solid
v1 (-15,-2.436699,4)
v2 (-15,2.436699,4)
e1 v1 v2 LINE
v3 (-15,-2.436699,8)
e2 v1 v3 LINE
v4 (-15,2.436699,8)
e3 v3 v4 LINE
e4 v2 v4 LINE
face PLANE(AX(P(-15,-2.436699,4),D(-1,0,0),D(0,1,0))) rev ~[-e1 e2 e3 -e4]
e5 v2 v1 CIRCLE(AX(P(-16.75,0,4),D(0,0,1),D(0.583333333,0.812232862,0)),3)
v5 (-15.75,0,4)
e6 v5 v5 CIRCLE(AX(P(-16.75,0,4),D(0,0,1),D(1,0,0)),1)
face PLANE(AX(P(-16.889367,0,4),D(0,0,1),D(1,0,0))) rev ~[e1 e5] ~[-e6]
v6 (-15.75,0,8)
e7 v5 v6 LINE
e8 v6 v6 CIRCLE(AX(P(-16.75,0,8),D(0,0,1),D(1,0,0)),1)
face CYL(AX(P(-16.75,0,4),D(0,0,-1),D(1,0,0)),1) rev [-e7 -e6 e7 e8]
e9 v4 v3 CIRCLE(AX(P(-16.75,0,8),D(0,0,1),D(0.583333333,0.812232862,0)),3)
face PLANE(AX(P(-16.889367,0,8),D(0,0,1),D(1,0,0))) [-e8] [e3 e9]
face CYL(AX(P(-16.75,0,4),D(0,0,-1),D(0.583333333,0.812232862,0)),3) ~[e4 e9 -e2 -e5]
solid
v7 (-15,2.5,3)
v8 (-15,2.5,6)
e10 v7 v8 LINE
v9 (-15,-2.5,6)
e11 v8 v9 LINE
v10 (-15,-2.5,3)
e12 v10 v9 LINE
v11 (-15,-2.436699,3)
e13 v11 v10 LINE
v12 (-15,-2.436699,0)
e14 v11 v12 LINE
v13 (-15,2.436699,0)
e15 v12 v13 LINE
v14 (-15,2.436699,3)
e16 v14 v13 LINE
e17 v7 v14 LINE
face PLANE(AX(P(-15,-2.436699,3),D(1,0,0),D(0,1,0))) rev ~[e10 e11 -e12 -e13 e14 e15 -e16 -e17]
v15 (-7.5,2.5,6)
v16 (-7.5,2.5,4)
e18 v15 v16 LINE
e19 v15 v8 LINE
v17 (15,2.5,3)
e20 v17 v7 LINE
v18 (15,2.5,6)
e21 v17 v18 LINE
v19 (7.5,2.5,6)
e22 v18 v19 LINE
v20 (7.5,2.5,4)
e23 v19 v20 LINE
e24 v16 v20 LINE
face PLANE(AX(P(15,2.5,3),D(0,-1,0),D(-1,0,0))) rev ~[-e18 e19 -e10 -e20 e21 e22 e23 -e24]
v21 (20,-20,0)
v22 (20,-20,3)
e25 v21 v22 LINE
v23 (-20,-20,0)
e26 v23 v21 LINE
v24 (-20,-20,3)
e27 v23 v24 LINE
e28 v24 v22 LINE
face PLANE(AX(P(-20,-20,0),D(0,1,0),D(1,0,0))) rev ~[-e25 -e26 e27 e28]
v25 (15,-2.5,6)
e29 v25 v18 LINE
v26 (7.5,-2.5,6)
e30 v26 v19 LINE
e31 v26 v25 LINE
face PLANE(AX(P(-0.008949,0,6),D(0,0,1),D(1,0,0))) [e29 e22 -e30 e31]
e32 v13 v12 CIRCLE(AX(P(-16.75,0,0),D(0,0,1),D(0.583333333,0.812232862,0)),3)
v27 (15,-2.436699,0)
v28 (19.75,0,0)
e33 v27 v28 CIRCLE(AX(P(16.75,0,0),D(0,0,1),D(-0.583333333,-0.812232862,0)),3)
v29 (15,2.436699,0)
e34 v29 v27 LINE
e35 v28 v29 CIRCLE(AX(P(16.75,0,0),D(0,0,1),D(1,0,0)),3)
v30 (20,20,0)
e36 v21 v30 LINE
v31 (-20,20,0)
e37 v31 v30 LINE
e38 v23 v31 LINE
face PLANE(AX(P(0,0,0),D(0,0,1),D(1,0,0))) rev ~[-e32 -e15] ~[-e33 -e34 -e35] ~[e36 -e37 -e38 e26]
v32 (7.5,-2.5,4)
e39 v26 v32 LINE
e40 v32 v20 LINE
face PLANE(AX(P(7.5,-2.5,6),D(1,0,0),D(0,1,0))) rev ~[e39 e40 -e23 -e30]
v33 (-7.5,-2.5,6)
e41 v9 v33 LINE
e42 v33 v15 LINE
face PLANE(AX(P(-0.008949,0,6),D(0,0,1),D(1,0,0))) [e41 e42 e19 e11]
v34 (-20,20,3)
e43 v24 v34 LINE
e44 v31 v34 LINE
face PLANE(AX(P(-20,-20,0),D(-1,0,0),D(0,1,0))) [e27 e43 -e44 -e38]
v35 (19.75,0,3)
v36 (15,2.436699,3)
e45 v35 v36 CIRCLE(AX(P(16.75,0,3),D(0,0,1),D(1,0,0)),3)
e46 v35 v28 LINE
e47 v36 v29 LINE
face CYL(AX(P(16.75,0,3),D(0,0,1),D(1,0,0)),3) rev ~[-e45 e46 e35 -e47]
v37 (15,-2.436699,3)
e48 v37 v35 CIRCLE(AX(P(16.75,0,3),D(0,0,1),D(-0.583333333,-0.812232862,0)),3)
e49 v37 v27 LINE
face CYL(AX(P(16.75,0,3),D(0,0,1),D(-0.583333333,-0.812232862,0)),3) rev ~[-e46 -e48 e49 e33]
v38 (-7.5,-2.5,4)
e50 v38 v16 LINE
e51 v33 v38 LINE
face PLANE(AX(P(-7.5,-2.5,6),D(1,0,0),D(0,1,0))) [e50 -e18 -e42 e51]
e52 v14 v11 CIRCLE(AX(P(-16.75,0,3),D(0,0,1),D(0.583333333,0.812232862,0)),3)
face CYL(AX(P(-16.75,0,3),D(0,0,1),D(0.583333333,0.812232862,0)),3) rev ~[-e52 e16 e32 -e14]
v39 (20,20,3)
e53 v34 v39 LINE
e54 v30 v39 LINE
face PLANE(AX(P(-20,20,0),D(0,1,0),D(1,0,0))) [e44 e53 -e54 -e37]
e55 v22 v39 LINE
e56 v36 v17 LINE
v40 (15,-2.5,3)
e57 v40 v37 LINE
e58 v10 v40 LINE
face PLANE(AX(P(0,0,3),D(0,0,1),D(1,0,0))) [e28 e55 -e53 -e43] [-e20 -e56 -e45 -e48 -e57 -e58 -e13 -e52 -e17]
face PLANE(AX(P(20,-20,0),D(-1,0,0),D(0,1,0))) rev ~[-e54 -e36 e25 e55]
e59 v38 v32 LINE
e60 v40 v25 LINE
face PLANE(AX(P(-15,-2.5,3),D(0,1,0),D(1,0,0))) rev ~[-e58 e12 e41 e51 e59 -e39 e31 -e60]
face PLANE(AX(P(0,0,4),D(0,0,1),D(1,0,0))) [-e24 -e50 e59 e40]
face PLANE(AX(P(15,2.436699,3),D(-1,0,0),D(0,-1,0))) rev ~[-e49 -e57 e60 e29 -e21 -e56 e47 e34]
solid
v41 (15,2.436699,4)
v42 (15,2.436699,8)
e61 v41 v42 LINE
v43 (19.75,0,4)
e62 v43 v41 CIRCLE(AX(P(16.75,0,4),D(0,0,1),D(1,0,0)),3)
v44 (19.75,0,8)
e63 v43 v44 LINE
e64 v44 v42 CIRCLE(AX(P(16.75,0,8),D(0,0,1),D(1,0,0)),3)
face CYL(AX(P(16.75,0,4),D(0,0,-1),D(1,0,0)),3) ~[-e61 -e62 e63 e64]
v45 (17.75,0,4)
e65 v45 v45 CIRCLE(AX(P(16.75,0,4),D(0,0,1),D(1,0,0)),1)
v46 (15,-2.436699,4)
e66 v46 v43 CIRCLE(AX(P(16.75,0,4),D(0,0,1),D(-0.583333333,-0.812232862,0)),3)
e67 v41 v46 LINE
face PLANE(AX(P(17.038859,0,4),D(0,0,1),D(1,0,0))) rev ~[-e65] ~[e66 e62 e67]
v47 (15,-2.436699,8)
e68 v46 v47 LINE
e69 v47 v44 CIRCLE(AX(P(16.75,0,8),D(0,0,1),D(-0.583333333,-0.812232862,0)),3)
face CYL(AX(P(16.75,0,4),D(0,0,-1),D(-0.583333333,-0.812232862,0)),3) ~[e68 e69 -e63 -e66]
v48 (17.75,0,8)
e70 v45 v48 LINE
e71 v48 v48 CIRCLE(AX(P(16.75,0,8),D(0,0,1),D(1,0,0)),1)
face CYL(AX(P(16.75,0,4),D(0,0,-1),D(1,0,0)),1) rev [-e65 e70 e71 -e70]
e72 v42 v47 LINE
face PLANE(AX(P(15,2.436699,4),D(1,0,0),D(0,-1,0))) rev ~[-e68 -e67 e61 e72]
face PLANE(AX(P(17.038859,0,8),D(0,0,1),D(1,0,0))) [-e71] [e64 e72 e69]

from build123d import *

# Parameters (mm, degrees)
F0_W     = 40
F0_H     = 40
F1_DEPTH = 3
F3_DEPTH = 3
F4_START = 1
F2_R     = 1
F4_DEPTH = 4
F5_DEPTH = 25
F6_W     = 15
F6_H     = 5
F7_DEPTH = 2


with BuildPart() as f1:
    # F0 (on Top) → F1 (new body)
    with BuildSketch(Plane.XY):
        Rectangle(F0_W, F0_H)
    extrude(amount=F1_DEPTH)

    # F2 (on face) → F3 (join)
    with BuildSketch(Plane.XY.offset(3)):
        with BuildLine():
            Line((15, 2.5), (-15, 2.5))
            Line((-15, 2.5), (-15, 2.4366985862))
            ThreePointArc((-15, 2.4366985862), (-14.080730437, 1.3693063938), (-13.75, 0))
            ThreePointArc((-13.75, 0), (-14.080730437, -1.3693063938), (-15, -2.4366985862))
            Line((-15, -2.4366985862), (-15, -2.5))
            Line((-15, -2.5), (15, -2.5))
            Line((15, -2.5), (15, -2.4366985862))
            ThreePointArc((15, -2.4366985862), (13.75, 0), (15, 2.4366985862))
            Line((15, 2.4366985862), (15, 2.5))
        make_face()
        with BuildLine():
            Line((-13.75, 0), (-15, 0))
            Line((-15, 0), (-15, -2.4366985862))
            ThreePointArc((-15, -2.4366985862), (-14.080730437, -1.3693063938), (-13.75, 0))
        make_face()
        with BuildLine():
            ThreePointArc((-13.75, 0), (-14.080730437, 1.3693063938), (-15, 2.4366985862))
            Line((-15, 2.4366985862), (-15, 0))
            Line((-15, 0), (-13.75, 0))
        make_face()
        with BuildLine():
            Line((15, -2.4366985862), (15, 2.4366985862))
            ThreePointArc((15, 2.4366985862), (13.75, 0), (15, -2.4366985862))
        make_face()
    extrude(amount=F3_DEPTH)

    # F2 (on face) → F5 (cut)
    with BuildSketch(Plane.XY.offset(3)):
        with BuildLine():
            Line((-15, 0), (-15, 2.4366985862))
            ThreePointArc((-15, 2.4366985862), (-19.75, 0), (-15, -2.4366985862))
            Line((-15, -2.4366985862), (-15, 0))
        make_face()
        with Locations((-16.75, 0)):
            Circle(F2_R, mode=Mode.SUBTRACT)
        with Locations((-16.75, 0)):
            Circle(F2_R)
        with BuildLine():
            ThreePointArc((19.75, 0), (18.1193063938, 2.669269563), (15, 2.4366985862))
            Line((15, 2.4366985862), (15, -2.4366985862))
            ThreePointArc((15, -2.4366985862), (18.1193063938, -2.669269563), (19.75, 0))
        make_face()
        with Locations((16.75, 0)):
            Circle(F2_R, mode=Mode.SUBTRACT)
        with Locations((16.75, 0)):
            Circle(F2_R)
    extrude(amount=-F5_DEPTH, mode=Mode.SUBTRACT)

    # F6 (on face) → F7 (cut)
    with BuildSketch(Plane.XY.offset(6)):
        Rectangle(F6_W, F6_H)
    extrude(amount=-F7_DEPTH, mode=Mode.SUBTRACT)


with BuildPart() as f4:
    # F2 (on face) → F4 (new body)
    with BuildSketch(Plane.XY.offset(3).offset(F4_START)):
        with BuildLine():
            Line((-15, 0), (-15, 2.4366985862))
            ThreePointArc((-15, 2.4366985862), (-19.75, 0), (-15, -2.4366985862))
            Line((-15, -2.4366985862), (-15, 0))
        make_face()
        with Locations((-16.75, 0)):
            Circle(F2_R, mode=Mode.SUBTRACT)
    extrude(amount=F4_DEPTH)


with BuildPart() as f4b:
    # F2 (on face) → F4, piece 2 (new body)
    with BuildSketch(Plane.XY.offset(3).offset(F4_START)):
        with BuildLine():
            ThreePointArc((19.75, 0), (18.1193063938, 2.669269563), (15, 2.4366985862))
            Line((15, 2.4366985862), (15, -2.4366985862))
            ThreePointArc((15, -2.4366985862), (18.1193063938, -2.669269563), (19.75, 0))
        make_face()
        with Locations((16.75, 0)):
            Circle(F2_R, mode=Mode.SUBTRACT)
    extrude(amount=F4_DEPTH)


solid = Compound([f1.part, f4.part, f4b.part])
